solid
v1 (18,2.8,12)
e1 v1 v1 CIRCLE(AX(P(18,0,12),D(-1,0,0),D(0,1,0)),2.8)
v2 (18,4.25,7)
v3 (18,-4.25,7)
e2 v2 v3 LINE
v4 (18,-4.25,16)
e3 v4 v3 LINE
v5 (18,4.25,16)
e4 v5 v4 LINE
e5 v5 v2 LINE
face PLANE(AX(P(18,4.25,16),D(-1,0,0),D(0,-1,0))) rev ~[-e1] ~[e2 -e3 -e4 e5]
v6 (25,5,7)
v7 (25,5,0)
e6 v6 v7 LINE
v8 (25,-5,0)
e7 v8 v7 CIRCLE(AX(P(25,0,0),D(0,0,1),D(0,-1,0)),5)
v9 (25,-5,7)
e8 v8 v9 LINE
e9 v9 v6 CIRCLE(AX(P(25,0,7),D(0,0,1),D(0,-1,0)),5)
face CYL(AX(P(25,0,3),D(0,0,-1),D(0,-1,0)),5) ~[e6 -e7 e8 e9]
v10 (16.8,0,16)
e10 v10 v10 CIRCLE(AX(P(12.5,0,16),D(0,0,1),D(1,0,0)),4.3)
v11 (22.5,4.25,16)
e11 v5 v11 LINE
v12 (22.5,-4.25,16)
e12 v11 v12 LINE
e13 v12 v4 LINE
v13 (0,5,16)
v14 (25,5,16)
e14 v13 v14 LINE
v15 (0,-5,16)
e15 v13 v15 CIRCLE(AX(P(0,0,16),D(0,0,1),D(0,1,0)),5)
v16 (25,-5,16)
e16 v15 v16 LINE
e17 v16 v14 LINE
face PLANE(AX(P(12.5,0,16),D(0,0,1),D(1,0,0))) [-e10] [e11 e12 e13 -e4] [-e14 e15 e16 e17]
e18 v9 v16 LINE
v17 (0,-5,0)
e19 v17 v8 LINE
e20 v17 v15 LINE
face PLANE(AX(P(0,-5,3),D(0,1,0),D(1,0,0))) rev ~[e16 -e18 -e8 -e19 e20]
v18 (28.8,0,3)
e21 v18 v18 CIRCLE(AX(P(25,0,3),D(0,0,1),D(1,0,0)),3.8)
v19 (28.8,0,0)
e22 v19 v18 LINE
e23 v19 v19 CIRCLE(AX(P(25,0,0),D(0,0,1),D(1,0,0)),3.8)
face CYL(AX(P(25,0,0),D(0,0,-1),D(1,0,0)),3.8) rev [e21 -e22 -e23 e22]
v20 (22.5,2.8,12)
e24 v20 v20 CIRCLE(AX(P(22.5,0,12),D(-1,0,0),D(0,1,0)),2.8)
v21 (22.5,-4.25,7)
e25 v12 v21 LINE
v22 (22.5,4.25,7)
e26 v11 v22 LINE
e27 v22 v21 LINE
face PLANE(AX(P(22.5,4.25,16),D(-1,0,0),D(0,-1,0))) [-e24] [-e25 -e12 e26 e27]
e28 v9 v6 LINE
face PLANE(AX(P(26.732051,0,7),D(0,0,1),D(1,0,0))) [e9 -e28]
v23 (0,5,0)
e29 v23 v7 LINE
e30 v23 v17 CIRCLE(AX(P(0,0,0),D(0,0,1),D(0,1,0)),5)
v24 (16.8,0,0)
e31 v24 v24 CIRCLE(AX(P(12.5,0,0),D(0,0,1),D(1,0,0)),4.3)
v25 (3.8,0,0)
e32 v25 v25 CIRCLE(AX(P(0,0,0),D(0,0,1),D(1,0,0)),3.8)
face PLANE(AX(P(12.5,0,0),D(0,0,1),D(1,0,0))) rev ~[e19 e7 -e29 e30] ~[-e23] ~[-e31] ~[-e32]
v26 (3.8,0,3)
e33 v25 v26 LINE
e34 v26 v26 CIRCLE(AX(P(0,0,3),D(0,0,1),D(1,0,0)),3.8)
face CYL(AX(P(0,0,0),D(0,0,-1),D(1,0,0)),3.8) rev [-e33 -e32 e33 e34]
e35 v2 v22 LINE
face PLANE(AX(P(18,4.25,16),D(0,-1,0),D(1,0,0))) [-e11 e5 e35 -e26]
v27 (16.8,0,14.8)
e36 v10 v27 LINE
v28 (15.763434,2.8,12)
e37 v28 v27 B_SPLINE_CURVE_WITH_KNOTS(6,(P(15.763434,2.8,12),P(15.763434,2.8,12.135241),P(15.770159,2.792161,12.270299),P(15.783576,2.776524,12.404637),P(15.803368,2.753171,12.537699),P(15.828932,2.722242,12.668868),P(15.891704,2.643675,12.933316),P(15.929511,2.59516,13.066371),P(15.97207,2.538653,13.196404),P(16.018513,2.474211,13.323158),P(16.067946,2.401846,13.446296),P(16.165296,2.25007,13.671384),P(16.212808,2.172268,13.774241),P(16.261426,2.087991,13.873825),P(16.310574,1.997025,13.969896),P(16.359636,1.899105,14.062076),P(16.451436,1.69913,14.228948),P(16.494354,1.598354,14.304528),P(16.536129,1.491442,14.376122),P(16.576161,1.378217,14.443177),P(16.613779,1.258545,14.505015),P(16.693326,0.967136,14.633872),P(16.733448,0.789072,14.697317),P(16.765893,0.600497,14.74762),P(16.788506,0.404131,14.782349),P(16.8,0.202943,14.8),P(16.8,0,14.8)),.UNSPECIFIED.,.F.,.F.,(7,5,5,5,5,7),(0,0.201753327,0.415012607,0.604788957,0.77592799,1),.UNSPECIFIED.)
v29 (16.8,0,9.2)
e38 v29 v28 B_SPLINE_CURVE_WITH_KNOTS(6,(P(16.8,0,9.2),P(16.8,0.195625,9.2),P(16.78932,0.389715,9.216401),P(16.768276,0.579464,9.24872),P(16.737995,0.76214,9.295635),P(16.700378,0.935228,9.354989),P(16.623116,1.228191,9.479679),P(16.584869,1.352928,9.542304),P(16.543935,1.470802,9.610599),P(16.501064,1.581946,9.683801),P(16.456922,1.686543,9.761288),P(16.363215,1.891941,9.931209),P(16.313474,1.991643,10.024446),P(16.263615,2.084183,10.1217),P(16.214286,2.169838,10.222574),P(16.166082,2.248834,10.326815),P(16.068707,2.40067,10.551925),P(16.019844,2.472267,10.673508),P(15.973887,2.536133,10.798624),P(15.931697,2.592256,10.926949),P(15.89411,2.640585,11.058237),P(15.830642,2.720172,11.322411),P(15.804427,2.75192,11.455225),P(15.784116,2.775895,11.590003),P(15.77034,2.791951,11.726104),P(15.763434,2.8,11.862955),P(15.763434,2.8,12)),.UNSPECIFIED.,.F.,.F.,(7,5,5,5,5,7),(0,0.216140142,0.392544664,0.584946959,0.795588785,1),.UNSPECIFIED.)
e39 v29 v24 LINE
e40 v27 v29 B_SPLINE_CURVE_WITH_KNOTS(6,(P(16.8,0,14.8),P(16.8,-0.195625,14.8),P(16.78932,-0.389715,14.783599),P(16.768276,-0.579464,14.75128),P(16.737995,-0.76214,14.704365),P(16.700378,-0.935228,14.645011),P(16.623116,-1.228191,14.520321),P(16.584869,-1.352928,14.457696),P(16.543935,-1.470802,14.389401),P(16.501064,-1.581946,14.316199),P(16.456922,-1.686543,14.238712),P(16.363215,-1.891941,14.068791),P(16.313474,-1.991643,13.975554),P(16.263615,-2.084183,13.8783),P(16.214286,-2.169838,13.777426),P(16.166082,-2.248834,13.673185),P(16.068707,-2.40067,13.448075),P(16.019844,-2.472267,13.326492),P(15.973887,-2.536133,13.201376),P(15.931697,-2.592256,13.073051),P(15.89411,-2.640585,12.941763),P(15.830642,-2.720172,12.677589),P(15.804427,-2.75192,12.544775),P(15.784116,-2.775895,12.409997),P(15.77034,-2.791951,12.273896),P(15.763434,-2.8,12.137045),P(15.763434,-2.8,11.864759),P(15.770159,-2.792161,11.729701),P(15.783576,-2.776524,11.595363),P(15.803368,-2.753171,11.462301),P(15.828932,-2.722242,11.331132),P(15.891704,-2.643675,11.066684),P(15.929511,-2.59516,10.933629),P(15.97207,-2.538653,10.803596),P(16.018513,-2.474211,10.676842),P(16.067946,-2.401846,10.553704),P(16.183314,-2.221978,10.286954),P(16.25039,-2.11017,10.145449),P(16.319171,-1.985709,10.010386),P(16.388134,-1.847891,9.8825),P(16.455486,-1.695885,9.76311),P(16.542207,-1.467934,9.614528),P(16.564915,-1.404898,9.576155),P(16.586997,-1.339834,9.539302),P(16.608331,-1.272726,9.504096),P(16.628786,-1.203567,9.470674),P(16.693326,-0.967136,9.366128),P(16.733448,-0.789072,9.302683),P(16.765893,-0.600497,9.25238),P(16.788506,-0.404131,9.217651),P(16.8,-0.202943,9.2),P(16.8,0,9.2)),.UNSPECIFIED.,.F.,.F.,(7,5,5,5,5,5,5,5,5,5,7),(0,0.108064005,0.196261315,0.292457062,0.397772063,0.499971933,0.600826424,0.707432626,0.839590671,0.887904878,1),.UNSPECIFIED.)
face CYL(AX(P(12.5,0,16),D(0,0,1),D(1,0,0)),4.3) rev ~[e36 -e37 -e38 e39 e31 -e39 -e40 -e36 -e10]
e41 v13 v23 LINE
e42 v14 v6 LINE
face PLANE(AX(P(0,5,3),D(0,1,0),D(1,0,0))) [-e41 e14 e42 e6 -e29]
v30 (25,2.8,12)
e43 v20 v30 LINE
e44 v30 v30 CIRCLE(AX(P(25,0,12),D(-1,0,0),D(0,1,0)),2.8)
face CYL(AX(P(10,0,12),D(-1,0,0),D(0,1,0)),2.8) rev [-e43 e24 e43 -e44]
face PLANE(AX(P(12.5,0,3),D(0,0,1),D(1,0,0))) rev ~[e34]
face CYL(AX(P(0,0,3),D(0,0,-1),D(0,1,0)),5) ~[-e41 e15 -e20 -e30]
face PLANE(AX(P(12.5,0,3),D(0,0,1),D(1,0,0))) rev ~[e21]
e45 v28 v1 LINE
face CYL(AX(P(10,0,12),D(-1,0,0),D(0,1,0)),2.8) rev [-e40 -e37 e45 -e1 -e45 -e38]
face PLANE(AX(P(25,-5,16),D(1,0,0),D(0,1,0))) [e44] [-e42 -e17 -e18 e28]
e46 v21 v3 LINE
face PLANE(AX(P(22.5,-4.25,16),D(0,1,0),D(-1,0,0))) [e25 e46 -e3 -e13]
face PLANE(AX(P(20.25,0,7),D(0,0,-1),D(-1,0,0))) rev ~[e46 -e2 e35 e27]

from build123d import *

# Parameters (mm, degrees)
SKETCH_R        = 3.8
PAD_DEPTH       = 3
PAD001_DEPTH    = 13
SKETCH002_R     = 4.3
POCKET_DEPTH    = 16.001
POCKET001_DEPTH = 9
SKETCH004_R     = 2.8
POCKET002_DEPTH = 20.001


with BuildPart() as part:
    # Sketch → Pad (new body)
    with BuildSketch(Plane.XY):
        with BuildLine():
            ThreePointArc((0, 5), (-5, 0), (0, -5))
            Line((0, -5), (25, -5))
            ThreePointArc((25, -5), (30, 0), (25, 5))
            Line((0, 5), (25, 5))
        make_face()
        Circle(SKETCH_R, mode=Mode.SUBTRACT)
        with Locations((25, 0)):
            Circle(SKETCH_R, mode=Mode.SUBTRACT)
    extrude(amount=PAD_DEPTH)

    # Sketch001 (on Face8 of Pad) → Pad001 (join)
    with BuildSketch(Plane.XY.offset(3)):
        with BuildLine():
            ThreePointArc((0, 5), (-5, 0), (0, -5))
            Line((0, -5), (25, -5))
            ThreePointArc((25, -5), (30, 0), (25, 5))
            Line((0, 5), (25, 5))
        make_face()
    extrude(amount=PAD001_DEPTH)

    # Sketch002 (on Face14 of Pad001) → Pocket (cut, through all)
    with BuildSketch(Plane.XY.offset(16)):
        with Locations((12.5, 0)):
            Circle(SKETCH002_R)
    extrude(amount=-POCKET_DEPTH, mode=Mode.SUBTRACT)

    # Sketch003 (on Face13 of Pocket) → Pocket001 (cut)
    with BuildSketch(Plane.XY.offset(16)):
        Polygon((18, 4.25), (22.5, 4.25), (22.5, -4.25), (18, -4.25), (18, 0), align=None)
        with BuildLine():
            Line((25, 0), (25, 5))
            ThreePointArc((25, -5), (30, 0), (25, 5))
            Line((25, -5), (25, 0))
        make_face()
    extrude(amount=-POCKET001_DEPTH, mode=Mode.SUBTRACT)

    # Sketch004 → Pocket002 (cut, through all)
    with BuildSketch(Plane.YZ.offset(10)):
        with Locations((0, 12)):
            Circle(SKETCH004_R)
    extrude(amount=POCKET002_DEPTH, mode=Mode.SUBTRACT)


solid = part.part
